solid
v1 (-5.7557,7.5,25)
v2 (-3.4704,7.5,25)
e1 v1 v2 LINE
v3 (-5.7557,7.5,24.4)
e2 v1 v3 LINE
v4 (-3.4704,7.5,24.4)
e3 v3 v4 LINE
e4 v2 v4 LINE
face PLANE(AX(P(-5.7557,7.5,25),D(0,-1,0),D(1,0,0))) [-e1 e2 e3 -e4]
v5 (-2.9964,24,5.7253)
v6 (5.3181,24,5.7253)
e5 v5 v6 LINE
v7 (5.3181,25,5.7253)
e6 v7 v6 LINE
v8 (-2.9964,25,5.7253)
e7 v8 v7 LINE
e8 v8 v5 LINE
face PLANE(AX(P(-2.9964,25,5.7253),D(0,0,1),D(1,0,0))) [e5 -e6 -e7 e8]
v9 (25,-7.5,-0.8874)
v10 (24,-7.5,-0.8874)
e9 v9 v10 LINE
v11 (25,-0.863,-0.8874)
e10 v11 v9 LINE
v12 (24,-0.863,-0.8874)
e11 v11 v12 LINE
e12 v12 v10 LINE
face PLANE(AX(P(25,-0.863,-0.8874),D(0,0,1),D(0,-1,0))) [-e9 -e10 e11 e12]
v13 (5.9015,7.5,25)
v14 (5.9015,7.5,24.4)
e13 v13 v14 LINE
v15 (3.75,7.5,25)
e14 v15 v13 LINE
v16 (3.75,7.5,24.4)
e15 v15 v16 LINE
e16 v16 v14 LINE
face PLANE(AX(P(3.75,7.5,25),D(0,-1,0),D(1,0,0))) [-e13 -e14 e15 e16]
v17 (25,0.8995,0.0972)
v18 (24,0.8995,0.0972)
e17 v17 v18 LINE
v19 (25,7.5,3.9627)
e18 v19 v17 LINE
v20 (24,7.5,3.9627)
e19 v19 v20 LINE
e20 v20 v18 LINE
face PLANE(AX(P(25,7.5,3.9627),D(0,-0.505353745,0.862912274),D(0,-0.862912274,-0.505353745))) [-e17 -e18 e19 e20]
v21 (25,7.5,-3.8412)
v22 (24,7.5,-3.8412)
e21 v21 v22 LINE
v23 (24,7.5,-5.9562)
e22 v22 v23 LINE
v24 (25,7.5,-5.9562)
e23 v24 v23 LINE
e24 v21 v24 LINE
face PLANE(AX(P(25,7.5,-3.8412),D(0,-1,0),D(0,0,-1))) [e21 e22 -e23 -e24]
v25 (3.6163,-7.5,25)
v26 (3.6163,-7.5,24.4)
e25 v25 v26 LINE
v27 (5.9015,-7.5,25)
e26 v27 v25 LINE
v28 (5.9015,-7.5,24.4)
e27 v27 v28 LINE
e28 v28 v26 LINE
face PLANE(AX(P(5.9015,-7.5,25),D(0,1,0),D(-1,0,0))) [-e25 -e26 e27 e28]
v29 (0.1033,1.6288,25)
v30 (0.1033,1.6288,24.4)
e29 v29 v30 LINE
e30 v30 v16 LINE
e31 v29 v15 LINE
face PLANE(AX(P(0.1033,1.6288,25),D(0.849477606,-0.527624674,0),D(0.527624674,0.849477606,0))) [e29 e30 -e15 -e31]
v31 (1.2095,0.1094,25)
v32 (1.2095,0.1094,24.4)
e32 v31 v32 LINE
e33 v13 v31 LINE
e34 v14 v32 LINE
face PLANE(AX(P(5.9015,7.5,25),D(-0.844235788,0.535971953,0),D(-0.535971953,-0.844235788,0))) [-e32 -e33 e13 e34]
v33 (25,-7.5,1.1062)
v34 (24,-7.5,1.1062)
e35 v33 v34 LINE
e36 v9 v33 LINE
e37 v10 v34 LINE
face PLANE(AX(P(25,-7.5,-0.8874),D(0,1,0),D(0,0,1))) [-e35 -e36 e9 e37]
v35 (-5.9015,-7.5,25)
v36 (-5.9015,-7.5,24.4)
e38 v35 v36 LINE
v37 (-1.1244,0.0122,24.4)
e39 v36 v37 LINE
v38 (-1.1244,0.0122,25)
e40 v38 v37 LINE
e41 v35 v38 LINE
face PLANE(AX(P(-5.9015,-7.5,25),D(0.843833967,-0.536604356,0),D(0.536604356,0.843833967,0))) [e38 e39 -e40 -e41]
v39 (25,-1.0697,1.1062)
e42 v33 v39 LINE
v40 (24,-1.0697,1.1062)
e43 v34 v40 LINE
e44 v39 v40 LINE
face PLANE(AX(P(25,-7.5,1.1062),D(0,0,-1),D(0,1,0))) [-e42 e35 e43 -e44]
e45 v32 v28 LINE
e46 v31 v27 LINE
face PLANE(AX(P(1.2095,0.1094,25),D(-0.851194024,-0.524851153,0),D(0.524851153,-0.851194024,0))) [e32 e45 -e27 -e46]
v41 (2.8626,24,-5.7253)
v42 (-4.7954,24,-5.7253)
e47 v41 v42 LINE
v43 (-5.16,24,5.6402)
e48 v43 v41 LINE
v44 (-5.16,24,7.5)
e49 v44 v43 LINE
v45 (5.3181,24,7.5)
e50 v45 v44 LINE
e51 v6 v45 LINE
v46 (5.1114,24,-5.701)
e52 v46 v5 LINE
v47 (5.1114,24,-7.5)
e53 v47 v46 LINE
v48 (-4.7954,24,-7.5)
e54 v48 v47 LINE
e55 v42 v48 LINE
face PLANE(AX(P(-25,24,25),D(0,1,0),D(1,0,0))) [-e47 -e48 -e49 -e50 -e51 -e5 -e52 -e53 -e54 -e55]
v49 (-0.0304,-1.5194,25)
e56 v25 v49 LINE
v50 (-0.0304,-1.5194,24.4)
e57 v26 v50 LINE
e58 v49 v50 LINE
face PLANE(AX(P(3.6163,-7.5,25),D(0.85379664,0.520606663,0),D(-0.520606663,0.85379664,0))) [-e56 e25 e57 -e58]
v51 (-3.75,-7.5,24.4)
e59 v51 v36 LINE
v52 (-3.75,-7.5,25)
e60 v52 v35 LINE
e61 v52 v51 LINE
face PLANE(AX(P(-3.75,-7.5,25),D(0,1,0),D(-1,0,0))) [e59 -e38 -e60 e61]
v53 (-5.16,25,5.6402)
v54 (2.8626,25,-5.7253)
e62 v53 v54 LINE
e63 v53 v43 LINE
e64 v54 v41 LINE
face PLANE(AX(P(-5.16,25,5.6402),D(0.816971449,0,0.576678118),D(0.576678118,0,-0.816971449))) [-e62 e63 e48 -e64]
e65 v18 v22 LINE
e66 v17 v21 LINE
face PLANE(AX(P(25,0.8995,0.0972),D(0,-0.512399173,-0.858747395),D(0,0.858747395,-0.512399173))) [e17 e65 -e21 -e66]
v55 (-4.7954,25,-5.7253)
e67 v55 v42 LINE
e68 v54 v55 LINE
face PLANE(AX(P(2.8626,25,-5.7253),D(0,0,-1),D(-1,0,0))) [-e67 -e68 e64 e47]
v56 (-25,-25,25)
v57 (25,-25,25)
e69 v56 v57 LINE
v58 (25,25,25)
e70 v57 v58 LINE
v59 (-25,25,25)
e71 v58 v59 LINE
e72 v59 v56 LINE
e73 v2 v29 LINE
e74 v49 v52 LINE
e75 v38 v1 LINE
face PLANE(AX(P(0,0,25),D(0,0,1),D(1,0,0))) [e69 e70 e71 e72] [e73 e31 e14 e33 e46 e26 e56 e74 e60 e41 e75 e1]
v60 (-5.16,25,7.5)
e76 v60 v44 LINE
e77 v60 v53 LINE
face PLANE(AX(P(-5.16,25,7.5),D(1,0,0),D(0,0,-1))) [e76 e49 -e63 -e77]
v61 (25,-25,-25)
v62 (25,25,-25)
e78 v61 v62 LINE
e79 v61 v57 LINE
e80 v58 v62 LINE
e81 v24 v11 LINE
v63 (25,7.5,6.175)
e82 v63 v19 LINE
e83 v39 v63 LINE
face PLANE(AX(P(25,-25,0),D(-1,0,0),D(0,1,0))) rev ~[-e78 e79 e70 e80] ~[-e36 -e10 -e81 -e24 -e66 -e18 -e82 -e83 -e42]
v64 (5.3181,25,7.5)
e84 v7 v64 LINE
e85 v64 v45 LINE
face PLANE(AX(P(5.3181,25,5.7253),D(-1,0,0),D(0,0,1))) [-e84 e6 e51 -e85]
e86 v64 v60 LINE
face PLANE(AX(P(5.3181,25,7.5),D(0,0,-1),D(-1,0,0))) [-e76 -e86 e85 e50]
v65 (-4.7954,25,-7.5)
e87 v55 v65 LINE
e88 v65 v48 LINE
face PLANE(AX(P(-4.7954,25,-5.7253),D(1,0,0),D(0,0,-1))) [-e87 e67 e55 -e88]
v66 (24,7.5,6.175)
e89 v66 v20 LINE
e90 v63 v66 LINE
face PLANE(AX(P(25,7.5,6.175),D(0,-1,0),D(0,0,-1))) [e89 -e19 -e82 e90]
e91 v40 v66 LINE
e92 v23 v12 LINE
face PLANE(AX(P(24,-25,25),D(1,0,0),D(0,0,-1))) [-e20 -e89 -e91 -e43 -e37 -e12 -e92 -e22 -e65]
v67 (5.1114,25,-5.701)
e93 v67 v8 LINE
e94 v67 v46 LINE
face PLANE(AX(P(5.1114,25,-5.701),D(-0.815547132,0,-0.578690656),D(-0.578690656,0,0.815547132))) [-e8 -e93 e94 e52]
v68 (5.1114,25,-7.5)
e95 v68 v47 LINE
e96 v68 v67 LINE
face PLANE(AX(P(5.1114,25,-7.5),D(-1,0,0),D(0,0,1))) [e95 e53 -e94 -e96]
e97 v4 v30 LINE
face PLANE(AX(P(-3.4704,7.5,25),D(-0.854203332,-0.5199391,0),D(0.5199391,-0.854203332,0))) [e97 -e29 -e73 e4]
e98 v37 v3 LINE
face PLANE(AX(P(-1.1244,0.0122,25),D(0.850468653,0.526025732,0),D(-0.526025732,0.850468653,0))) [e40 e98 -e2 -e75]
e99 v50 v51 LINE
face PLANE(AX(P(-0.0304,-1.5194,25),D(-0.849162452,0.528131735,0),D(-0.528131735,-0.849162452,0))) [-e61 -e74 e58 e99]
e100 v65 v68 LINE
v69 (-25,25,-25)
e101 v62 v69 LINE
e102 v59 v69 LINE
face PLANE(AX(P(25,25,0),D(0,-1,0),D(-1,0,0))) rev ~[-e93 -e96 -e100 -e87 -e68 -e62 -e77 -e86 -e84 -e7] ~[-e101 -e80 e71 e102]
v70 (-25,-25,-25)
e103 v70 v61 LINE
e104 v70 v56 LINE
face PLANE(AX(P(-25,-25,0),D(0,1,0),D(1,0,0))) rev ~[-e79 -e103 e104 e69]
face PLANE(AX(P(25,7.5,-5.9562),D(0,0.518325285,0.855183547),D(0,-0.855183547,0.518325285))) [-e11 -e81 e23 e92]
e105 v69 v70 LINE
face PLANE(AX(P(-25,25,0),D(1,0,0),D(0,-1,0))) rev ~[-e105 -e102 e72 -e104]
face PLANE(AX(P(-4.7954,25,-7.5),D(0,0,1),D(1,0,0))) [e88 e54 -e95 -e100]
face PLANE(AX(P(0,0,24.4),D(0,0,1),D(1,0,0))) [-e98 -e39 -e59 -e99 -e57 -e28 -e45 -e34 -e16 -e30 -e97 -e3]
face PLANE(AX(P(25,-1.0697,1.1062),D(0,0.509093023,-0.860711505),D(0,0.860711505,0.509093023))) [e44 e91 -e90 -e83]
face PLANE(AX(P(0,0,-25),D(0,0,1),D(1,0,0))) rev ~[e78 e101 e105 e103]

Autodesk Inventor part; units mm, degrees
sketch "Sketch1" plane through (0, 0, 0) normal (0, 0, 1) x (1, 0, 0)
  line L0 (-25, -25) -> (25, -25)
  line L1 (25, -25) -> (25, 25)
  line L2 (25, 25) -> (-25, 25)
  line L3 (-25, 25) -> (-25, -25)
  line L4 (-25, -25) -> (25, 25) construction
  line L5 (25, -25) -> (-25, 25) construction
  point P0 (0, 0)
  dimension "d15" = 50
  dimension "d18" = 50
extrude "Extrusion1" add sketch "Sketch1" along normal mid plane 50
sketch "Sketch2" plane through (0, 0, 25) normal (0, 0, 1) x (1, 0, 0)
  line L0 (-5.9866, 7.5) -> (5.9866, 7.5) construction
  line L1 (5.9866, 7.5) -> (5.9866, -7.5) construction
  line L2 (5.9866, -7.5) -> (-5.9866, -7.5) construction
  line L3 (-5.9866, -7.5) -> (-5.9866, 7.5) construction
  line L4 (-5.9866, 7.5) -> (5.9866, -7.5) construction
  line L5 (5.9015, -7.5) -> (3.6163, -7.5)
  line L6 (3.6163, -7.5) -> (-0.0304, -1.5194)
  line L7 (-0.0304, -1.5194) -> (-3.75, -7.5)
  line L8 (-3.75, -7.5) -> (-5.9015, -7.5)
  line L9 (-5.9015, -7.5) -> (-1.1244, 0.0122)
  line L10 (-1.1244, 0.0122) -> (-5.7557, 7.5)
  line L11 (-5.7557, 7.5) -> (-3.4704, 7.5)
  line L12 (-3.4704, 7.5) -> (0.1033, 1.6288)
  line L13 (0.1033, 1.6288) -> (3.75, 7.5)
  line L14 (3.75, 7.5) -> (5.9015, 7.5)
  line L15 (5.9015, 7.5) -> (1.2095, 0.1094)
  line L16 (1.2095, 0.1094) -> (5.9015, -7.5)
  point P0 (0, 0)
  point P1 (0, 0)
  point P2 (0, 0)
  point P3 (0, 0)
  dimension "d3" = 11.9733
  dimension "d4" = 15
extrude "Extrusion2" cut sketch "Sketch2" against normal blind 0.6
sketch "Sketch3" plane through (25, -25, 25) normal (1, 0, 0) x (0, 0, -1)
  line L0 (18.9344, 32.5) -> (31.0656, 32.5) construction
  line L1 (31.0656, 32.5) -> (31.0656, 17.5) construction
  line L2 (31.0656, 17.5) -> (18.9344, 17.5) construction
  line L3 (18.9344, 17.5) -> (18.9344, 32.5) construction
  line L4 (31.0656, 32.5) -> (18.9344, 17.5) construction
  line L5 (30.9562, 32.5) -> (25.8874, 24.137)
  line L6 (25.8874, 24.137) -> (25.8874, 17.5)
  line L7 (25.8874, 17.5) -> (23.8938, 17.5)
  line L8 (23.8938, 17.5) -> (23.8938, 23.9303)
  line L9 (23.8938, 23.9303) -> (18.825, 32.5)
  line L10 (18.825, 32.5) -> (21.0373, 32.5)
  line L11 (21.0373, 32.5) -> (24.9028, 25.8995)
  line L12 (24.9028, 25.8995) -> (28.8412, 32.5)
  line L13 (28.8412, 32.5) -> (30.9562, 32.5)
  point P0 (25, 25)
  point P1 (25, 25)
  dimension "d7" = 12.1313
  dimension "d8" = 15
extrude "Extrusion3" cut sketch "Sketch3" against normal blind 1
sketch "Sketch4" plane through (-25, 25, 25) normal (0, 1, 0) x (1, 0, 0)
  line L0 (19.2322, 32.5) -> (30.7678, 32.5) construction
  line L1 (30.7678, 32.5) -> (30.7678, 17.5) construction
  line L2 (30.7678, 17.5) -> (19.2322, 17.5) construction
  line L3 (19.2322, 17.5) -> (19.2322, 32.5) construction
  line L4 (30.7678, 32.5) -> (19.2322, 17.5) construction
  line L5 (30.3181, 17.5) -> (19.84, 17.5)
  line L6 (19.84, 17.5) -> (19.84, 19.3598)
  line L7 (19.84, 19.3598) -> (27.8626, 30.7253)
  line L8 (27.8626, 30.7253) -> (20.2046, 30.7253)
  line L9 (20.2046, 30.7253) -> (20.2046, 32.5)
  line L10 (20.2046, 32.5) -> (30.1114, 32.5)
  line L11 (30.1114, 32.5) -> (30.1114, 30.701)
  line L12 (30.1114, 30.701) -> (22.0036, 19.2747)
  line L13 (22.0036, 19.2747) -> (30.3181, 19.2747)
  line L14 (30.3181, 19.2747) -> (30.3181, 17.5)
  point P0 (25, 25)
  point P1 (25, 25)
  dimension "d11" = 11.5357
  dimension "d12" = 15
extrude "Extrusion4" cut sketch "Sketch4" against normal blind 1
equation "\"d18\" = d15"
equation "\"d1\" = d15"
properties part number "_3DPrint"
